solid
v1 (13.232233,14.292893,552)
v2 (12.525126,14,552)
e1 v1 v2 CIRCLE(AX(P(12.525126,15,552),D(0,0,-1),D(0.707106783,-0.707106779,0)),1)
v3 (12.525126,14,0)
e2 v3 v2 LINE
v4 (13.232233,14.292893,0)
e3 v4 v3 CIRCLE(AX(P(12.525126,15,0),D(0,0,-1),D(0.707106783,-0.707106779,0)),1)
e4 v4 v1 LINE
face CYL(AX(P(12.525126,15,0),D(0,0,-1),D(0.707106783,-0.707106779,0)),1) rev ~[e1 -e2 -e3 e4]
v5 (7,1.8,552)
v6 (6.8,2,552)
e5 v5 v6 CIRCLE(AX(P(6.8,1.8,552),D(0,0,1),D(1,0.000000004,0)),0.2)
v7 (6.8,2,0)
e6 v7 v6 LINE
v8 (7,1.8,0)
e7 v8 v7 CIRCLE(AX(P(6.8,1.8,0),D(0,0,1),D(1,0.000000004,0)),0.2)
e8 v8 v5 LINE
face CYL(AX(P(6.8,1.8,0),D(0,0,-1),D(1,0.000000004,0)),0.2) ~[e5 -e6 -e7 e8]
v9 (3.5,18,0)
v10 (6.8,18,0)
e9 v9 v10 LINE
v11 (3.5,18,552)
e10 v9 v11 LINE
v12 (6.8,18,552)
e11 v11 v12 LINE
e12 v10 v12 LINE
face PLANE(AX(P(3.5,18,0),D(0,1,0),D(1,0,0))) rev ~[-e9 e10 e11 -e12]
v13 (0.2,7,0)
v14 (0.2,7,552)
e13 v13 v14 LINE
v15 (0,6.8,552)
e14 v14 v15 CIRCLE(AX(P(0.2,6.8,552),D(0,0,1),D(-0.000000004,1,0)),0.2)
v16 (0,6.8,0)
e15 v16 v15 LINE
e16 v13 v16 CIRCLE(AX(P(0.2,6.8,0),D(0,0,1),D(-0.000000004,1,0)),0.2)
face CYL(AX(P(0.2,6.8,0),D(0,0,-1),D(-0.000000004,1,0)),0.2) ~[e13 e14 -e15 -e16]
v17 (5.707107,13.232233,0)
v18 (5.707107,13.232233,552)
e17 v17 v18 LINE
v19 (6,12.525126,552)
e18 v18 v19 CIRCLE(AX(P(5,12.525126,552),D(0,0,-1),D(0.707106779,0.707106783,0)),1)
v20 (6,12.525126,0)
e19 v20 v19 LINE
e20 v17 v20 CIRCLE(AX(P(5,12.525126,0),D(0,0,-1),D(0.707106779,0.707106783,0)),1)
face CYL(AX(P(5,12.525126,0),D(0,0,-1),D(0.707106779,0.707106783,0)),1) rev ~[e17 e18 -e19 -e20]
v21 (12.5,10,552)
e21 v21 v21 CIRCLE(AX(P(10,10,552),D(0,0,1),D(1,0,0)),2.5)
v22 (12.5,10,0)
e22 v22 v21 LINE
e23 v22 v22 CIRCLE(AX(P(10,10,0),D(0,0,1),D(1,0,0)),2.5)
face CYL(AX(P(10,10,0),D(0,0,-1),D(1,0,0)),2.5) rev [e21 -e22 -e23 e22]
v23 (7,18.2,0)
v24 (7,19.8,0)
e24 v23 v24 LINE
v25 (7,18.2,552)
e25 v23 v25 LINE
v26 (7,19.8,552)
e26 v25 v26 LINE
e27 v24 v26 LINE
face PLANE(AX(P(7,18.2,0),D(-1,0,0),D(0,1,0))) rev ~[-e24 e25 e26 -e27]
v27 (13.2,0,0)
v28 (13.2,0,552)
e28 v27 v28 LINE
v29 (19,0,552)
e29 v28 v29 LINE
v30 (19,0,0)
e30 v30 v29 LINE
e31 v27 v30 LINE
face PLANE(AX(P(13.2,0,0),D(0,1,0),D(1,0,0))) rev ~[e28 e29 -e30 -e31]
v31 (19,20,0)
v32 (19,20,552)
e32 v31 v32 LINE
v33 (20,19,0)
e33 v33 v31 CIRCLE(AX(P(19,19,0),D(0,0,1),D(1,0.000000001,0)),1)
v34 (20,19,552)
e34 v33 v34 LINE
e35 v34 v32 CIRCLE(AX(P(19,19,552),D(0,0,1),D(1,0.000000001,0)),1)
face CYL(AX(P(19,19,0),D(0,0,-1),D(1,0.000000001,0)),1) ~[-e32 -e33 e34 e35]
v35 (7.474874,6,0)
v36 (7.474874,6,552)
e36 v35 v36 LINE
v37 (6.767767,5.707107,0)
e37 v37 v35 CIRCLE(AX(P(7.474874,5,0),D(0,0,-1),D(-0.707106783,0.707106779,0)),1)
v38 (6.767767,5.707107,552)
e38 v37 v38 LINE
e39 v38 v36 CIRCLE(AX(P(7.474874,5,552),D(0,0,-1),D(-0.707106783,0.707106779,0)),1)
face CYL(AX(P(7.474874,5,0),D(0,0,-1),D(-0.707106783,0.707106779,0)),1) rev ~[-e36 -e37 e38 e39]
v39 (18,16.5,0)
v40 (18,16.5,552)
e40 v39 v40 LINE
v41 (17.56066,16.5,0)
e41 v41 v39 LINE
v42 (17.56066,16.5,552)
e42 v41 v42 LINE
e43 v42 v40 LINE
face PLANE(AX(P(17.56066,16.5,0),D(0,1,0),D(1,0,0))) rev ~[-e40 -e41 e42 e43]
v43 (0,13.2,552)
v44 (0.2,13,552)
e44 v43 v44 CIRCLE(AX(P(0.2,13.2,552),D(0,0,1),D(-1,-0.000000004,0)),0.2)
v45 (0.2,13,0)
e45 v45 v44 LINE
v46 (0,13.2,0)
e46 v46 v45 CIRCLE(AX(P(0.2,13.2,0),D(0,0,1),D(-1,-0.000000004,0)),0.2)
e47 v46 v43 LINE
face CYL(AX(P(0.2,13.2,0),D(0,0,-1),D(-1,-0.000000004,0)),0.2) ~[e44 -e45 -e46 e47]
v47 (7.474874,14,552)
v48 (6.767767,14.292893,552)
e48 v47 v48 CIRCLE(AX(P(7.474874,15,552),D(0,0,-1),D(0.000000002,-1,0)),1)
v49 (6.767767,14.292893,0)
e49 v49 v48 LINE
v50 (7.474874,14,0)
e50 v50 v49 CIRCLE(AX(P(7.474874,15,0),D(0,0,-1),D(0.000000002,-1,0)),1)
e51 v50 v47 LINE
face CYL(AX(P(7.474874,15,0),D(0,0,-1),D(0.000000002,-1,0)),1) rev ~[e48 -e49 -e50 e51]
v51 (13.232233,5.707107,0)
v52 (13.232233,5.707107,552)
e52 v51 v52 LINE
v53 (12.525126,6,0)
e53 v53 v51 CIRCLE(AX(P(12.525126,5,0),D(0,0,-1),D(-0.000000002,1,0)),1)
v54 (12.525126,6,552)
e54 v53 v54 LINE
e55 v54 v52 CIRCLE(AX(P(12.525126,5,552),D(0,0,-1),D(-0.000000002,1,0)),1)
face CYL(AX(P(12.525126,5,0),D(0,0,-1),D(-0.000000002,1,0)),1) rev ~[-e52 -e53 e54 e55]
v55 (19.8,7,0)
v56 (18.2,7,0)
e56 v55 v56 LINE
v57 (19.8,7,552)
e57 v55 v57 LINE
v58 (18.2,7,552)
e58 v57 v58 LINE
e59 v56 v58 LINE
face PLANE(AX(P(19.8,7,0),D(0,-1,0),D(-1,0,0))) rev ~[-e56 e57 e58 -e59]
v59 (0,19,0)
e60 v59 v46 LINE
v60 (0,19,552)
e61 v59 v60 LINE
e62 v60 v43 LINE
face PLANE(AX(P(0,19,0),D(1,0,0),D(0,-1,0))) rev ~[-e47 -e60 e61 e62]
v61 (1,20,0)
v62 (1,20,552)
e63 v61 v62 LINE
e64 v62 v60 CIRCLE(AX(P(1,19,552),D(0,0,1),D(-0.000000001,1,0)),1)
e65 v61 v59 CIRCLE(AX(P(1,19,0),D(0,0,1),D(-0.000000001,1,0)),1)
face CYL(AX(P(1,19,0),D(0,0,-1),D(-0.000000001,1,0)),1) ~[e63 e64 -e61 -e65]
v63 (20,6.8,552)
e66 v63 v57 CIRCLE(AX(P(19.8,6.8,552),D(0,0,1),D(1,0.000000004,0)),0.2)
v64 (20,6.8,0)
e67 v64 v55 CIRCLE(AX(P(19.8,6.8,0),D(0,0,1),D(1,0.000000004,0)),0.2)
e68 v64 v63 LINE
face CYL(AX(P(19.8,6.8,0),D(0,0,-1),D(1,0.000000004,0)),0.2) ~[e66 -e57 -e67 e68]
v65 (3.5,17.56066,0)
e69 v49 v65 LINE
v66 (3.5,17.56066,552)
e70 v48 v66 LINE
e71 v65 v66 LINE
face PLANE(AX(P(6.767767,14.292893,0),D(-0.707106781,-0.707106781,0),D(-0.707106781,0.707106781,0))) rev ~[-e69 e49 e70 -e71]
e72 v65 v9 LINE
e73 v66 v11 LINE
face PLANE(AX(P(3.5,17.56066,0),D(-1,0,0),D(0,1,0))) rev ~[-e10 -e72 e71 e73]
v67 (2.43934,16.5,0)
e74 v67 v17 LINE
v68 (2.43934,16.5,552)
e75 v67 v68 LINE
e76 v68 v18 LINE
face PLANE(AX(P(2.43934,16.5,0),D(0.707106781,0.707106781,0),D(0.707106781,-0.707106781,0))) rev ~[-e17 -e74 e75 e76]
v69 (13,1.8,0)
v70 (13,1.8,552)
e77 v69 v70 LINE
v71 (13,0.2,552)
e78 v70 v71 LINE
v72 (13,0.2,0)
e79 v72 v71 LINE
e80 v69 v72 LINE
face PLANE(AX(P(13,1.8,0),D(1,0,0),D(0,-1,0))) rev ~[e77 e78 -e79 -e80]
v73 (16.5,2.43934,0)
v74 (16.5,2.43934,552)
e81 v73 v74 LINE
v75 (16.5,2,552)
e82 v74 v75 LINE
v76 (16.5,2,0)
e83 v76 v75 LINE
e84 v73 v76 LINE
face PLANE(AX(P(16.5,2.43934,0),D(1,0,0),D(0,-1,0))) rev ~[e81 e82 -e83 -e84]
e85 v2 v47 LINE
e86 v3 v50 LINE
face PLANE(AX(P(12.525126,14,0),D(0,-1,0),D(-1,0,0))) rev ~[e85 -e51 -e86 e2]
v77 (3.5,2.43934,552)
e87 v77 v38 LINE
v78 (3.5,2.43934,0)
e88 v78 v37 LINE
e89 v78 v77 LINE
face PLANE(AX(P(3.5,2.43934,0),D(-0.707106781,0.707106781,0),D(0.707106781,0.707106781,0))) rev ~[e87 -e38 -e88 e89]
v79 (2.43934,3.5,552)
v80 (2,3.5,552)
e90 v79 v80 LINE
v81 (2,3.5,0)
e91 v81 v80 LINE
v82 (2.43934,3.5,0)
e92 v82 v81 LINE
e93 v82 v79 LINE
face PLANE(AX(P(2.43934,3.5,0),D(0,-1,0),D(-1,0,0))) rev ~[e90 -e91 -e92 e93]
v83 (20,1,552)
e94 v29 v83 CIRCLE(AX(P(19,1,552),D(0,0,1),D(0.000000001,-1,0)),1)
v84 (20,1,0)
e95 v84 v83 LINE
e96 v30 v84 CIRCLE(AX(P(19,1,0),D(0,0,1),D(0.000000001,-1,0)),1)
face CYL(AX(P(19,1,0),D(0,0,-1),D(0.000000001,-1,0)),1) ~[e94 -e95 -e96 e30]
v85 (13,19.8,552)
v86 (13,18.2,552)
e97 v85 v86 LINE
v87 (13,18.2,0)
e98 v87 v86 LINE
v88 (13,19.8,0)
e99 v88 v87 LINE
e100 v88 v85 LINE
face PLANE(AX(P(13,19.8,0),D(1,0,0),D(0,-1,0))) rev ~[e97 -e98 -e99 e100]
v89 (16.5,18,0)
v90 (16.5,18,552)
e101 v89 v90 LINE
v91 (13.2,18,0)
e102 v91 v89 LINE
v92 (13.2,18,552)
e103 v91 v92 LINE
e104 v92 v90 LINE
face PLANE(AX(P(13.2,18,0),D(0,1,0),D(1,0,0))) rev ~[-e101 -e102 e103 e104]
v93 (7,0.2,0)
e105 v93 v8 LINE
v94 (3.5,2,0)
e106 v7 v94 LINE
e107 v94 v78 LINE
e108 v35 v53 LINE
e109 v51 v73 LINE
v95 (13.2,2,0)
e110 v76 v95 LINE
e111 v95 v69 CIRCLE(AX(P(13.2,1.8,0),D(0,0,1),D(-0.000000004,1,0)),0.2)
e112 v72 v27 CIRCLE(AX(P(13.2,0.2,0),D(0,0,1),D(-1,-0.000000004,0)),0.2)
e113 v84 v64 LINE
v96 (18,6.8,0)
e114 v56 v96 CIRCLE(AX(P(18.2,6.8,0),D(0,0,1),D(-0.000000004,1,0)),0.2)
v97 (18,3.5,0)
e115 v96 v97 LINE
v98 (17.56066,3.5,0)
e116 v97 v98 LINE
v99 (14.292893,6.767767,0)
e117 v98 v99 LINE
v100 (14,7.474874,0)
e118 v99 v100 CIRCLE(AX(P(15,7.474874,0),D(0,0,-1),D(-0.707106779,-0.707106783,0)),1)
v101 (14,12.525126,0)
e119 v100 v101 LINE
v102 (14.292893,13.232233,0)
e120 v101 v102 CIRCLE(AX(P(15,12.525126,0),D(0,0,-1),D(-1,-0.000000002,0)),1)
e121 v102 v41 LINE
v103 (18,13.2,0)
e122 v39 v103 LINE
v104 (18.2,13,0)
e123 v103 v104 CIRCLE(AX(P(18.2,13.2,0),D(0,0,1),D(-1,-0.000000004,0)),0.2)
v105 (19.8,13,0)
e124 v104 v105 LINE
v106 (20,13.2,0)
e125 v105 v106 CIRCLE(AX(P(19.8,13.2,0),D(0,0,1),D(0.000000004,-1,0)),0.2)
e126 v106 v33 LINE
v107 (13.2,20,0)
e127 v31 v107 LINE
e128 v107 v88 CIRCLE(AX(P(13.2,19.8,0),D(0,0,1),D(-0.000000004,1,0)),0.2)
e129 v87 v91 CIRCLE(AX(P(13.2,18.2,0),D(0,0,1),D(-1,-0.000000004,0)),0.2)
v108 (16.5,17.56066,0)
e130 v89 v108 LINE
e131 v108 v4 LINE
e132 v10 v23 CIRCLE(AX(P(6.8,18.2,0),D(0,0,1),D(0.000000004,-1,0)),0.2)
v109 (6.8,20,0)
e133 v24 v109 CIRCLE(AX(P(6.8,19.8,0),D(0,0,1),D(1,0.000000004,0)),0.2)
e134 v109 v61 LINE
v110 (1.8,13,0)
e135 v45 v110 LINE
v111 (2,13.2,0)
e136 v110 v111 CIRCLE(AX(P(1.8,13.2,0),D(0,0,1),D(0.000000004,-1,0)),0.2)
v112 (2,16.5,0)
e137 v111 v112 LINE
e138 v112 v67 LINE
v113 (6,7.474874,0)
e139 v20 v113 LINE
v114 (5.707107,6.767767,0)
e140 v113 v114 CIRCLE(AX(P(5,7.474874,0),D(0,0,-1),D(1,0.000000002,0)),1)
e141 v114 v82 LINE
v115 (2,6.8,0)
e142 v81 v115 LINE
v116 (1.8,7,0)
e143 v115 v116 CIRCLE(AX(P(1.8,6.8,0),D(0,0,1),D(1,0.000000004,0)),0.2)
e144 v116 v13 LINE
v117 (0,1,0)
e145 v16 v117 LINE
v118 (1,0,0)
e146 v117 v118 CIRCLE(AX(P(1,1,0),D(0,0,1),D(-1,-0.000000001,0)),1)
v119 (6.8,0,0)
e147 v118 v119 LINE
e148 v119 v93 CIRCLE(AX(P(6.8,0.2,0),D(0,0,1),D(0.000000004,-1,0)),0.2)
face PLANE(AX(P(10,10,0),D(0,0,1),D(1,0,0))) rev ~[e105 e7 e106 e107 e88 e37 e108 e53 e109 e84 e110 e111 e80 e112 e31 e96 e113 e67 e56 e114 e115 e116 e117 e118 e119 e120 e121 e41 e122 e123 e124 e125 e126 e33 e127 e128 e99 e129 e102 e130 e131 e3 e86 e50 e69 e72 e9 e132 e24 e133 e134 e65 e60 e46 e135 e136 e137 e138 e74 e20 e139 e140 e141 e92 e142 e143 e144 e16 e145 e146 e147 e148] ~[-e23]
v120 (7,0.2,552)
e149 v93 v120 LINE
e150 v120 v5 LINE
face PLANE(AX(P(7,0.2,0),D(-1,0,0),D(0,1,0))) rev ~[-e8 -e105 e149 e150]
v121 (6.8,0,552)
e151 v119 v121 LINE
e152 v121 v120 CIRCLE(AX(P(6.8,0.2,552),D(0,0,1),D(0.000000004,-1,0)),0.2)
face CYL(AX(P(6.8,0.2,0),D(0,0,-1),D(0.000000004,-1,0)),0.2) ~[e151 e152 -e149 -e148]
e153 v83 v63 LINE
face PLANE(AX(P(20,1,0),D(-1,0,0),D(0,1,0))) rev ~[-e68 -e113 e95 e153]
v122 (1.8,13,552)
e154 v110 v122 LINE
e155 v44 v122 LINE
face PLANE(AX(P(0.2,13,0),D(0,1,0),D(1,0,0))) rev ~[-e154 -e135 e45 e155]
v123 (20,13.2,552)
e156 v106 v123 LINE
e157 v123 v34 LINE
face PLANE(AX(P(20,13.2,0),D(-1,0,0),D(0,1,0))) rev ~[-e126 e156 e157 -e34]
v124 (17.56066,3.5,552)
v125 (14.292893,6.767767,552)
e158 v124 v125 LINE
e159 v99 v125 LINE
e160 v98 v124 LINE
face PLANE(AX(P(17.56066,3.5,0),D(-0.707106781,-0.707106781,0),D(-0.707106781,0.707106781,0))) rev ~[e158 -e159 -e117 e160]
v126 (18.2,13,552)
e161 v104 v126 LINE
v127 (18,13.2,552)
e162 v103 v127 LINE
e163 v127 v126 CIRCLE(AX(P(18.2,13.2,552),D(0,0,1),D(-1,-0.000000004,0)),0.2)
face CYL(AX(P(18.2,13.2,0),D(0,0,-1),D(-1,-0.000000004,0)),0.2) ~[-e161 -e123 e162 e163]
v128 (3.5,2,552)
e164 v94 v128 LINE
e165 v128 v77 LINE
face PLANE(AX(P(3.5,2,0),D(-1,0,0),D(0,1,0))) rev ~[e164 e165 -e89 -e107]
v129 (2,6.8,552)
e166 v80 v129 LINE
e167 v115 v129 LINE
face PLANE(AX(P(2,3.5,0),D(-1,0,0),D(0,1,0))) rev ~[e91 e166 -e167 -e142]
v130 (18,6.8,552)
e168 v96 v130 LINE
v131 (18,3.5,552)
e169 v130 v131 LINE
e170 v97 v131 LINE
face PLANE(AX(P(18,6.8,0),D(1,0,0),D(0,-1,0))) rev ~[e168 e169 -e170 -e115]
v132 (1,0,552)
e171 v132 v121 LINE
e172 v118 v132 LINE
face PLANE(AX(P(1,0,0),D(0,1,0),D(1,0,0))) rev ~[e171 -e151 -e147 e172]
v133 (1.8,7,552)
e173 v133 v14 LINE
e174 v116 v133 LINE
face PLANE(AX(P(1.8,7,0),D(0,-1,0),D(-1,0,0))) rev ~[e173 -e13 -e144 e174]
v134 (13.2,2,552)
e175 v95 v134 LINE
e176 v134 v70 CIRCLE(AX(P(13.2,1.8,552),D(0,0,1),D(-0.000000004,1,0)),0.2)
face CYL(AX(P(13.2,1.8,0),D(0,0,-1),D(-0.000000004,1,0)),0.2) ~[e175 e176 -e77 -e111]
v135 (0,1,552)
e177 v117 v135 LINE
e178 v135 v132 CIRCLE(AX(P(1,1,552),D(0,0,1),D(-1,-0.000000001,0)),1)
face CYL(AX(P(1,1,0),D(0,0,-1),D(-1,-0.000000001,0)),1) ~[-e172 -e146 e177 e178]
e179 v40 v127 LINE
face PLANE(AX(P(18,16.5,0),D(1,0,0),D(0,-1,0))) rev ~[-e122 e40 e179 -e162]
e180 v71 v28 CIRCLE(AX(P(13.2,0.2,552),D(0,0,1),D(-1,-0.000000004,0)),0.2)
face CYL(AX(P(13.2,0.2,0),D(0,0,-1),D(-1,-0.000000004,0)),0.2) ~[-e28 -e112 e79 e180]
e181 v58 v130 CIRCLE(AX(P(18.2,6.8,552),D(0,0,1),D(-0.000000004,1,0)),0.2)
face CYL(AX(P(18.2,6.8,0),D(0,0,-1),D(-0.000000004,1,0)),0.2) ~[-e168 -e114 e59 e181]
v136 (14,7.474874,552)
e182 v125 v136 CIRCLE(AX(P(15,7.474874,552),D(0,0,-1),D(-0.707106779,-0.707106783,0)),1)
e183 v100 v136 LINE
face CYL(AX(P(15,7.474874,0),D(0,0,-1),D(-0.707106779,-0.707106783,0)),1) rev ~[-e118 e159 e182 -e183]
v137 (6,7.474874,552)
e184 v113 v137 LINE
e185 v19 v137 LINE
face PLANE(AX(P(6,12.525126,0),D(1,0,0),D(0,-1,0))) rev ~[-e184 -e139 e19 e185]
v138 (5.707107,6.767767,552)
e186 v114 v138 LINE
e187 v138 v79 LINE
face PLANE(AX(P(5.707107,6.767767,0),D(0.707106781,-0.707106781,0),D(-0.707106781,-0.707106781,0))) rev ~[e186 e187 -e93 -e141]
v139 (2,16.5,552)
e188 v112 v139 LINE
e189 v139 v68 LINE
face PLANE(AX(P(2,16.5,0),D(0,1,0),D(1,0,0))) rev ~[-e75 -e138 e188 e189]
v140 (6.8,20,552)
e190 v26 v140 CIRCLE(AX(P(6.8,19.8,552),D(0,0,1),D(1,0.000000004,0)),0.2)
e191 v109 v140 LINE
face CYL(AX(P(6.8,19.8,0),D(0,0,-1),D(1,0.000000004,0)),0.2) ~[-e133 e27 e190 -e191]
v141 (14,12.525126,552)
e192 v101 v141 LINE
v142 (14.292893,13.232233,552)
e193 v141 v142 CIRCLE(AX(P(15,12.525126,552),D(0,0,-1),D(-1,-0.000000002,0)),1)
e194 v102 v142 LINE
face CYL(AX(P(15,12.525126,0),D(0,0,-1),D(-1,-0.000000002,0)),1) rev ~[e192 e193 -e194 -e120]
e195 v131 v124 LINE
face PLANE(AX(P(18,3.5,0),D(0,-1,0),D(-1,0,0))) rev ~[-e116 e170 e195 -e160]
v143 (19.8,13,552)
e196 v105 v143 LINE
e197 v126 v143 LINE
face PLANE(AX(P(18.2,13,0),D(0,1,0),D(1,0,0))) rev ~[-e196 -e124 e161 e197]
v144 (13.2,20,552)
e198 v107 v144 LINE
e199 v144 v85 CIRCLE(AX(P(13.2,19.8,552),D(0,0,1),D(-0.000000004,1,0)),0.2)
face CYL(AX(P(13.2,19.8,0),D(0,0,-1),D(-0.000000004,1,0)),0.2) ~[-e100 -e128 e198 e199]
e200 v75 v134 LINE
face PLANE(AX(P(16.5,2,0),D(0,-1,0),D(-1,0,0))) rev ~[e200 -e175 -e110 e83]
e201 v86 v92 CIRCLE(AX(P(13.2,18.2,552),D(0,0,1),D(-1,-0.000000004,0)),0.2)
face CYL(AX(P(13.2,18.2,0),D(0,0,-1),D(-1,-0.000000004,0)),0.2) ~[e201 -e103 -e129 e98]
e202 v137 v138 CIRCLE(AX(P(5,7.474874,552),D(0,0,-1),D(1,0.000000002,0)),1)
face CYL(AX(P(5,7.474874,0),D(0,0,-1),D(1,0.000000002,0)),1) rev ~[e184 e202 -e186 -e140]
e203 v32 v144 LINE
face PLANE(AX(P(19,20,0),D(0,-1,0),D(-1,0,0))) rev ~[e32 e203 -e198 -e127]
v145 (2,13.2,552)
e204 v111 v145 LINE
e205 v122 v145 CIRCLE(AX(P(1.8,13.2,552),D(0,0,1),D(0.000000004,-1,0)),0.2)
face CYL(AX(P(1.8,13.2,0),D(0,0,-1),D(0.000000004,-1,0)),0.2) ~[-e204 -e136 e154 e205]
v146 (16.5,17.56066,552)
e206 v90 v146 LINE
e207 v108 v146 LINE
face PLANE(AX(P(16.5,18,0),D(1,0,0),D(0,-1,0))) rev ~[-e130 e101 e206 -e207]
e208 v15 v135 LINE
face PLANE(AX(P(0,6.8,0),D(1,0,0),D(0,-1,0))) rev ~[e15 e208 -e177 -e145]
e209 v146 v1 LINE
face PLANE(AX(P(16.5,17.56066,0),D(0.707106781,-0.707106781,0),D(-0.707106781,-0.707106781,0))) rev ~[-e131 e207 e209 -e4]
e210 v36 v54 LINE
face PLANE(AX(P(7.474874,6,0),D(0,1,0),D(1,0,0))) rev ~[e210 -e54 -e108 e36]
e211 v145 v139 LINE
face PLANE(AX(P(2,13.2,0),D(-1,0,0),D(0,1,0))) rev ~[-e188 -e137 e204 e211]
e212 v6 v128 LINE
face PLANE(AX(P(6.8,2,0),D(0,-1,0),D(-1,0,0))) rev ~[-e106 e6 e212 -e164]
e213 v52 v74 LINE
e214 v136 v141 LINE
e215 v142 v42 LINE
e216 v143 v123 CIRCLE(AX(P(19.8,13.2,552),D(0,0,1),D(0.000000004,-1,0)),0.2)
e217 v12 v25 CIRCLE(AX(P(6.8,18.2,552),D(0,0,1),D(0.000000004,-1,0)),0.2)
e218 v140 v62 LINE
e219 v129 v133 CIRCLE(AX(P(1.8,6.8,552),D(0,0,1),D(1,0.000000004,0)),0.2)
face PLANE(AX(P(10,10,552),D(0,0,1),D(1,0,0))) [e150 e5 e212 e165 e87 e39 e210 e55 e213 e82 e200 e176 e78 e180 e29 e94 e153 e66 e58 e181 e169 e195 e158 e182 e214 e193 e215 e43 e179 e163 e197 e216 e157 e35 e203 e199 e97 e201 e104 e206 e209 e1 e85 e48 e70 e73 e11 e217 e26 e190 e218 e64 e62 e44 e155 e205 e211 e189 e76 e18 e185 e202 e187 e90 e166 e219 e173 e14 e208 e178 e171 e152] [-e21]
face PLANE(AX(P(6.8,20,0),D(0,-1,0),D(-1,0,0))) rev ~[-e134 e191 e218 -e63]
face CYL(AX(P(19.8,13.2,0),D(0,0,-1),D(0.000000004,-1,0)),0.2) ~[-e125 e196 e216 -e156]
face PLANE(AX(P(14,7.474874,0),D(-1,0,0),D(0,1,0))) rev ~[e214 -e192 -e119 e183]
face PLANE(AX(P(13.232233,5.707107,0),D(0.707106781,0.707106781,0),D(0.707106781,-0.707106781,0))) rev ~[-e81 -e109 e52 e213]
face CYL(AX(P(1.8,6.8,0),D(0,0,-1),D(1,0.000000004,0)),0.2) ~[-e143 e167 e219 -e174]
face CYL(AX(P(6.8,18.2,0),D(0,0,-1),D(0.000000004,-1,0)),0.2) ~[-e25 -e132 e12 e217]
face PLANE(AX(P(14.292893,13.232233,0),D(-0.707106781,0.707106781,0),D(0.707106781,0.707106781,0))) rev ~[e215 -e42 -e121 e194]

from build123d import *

# Parameters (mm, degrees)
SKETCH1_R           = 2.5
BOSS_EXTRUDE1_DEPTH = 552


with BuildPart() as part:
    # Sketch1 → Boss-Extrude1 (new body)
    with BuildSketch(Plane.XY):
        with BuildLine():
            Line((0.2, 13), (1.8, 13))
            ThreePointArc((1.8, 13), (1.941421356, 13.058578644), (2, 13.2))
            Line((2, 13.2), (2, 16.5))
            Line((2, 16.5), (2.439339828, 16.5))
            Line((2.439339828, 16.5), (5.707106781, 13.232233047))
            ThreePointArc((5.707106781, 13.232233047), (5.923879533, 12.907809698), (6, 12.525126266))
            Line((6, 12.525126266), (6, 7.474873734))
            ThreePointArc((6, 7.474873734), (5.923879533, 7.092190302), (5.707106781, 6.767766953))
            Line((5.707106781, 6.767766953), (2.439339828, 3.5))
            Line((2.439339828, 3.5), (2, 3.5))
            Line((2, 3.5), (2, 6.8))
            ThreePointArc((2, 6.8), (1.941421356, 6.941421356), (1.8, 7))
            Line((1.8, 7), (0.2, 7))
            ThreePointArc((0.2, 7), (0.058578644, 6.941421356), (0, 6.8))
            Line((0, 6.8), (0, 1))
            ThreePointArc((0, 1), (0.292893219, 0.292893219), (1, 0))
            Line((1, 0), (6.8, 0))
            ThreePointArc((6.8, 0), (6.941421356, 0.058578644), (7, 0.2))
            Line((7, 0.2), (7, 1.8))
            ThreePointArc((7, 1.8), (6.941421356, 1.941421356), (6.8, 2))
            Line((6.8, 2), (3.5, 2))
            Line((3.5, 2), (3.5, 2.439339828))
            Line((3.5, 2.439339828), (6.767766953, 5.707106781))
            ThreePointArc((6.767766953, 5.707106781), (7.092190302, 5.923879533), (7.474873734, 6))
            Line((7.474873734, 6), (10, 6))
            Line((10, 6), (12.525126266, 6))
            ThreePointArc((12.525126266, 6), (12.907809698, 5.923879533), (13.232233047, 5.707106781))
            Line((13.232233047, 5.707106781), (16.5, 2.439339828))
            Line((16.5, 2.439339828), (16.5, 2))
            Line((16.5, 2), (13.2, 2))
            ThreePointArc((13.2, 2), (13.058578644, 1.941421356), (13, 1.8))
            Line((13, 1.8), (13, 0.2))
            ThreePointArc((13, 0.2), (13.058578644, 0.058578644), (13.2, 0))
            Line((13.2, 0), (19, 0))
            ThreePointArc((19, 0), (19.707106781, 0.292893219), (20, 1))
            Line((20, 1), (20, 6.8))
            ThreePointArc((20, 6.8), (19.941421356, 6.941421356), (19.8, 7))
            Line((19.8, 7), (18.2, 7))
            ThreePointArc((18.2, 7), (18.058578644, 6.941421356), (18, 6.8))
            Line((18, 6.8), (18, 3.5))
            Line((18, 3.5), (17.560660172, 3.5))
            Line((17.560660172, 3.5), (14.292893219, 6.767766953))
            ThreePointArc((14.292893219, 6.767766953), (14.076120467, 7.092190302), (14, 7.474873734))
            Line((14, 7.474873734), (14, 12.525126266))
            ThreePointArc((14, 12.525126266), (14.076120467, 12.907809698), (14.292893219, 13.232233047))
            Line((14.292893219, 13.232233047), (17.560660172, 16.5))
            Line((17.560660172, 16.5), (18, 16.5))
            Line((18, 16.5), (18, 13.2))
            ThreePointArc((18, 13.2), (18.058578644, 13.058578644), (18.2, 13))
            Line((18.2, 13), (19.8, 13))
            ThreePointArc((19.8, 13), (19.941421356, 13.058578644), (20, 13.2))
            Line((20, 13.2), (20, 19))
            ThreePointArc((20, 19), (19.707106781, 19.707106781), (19, 20))
            Line((19, 20), (13.2, 20))
            ThreePointArc((13.2, 20), (13.058578644, 19.941421356), (13, 19.8))
            Line((13, 19.8), (13, 18.2))
            ThreePointArc((13, 18.2), (13.058578644, 18.058578644), (13.2, 18))
            Line((13.2, 18), (16.5, 18))
            Line((16.5, 18), (16.5, 17.560660172))
            Line((16.5, 17.560660172), (13.232233047, 14.292893219))
            ThreePointArc((13.232233047, 14.292893219), (12.907809698, 14.076120467), (12.525126266, 14))
            Line((12.525126266, 14), (10, 14))
            Line((10, 14), (7.474873734, 14))
            ThreePointArc((7.474873734, 14), (7.092190302, 14.076120467), (6.767766953, 14.292893219))
            Line((6.767766953, 14.292893219), (3.5, 17.560660172))
            Line((3.5, 17.560660172), (3.5, 18))
            Line((3.5, 18), (6.8, 18))
            ThreePointArc((6.8, 18), (6.941421356, 18.058578644), (7, 18.2))
            Line((7, 18.2), (7, 19.8))
            ThreePointArc((7, 19.8), (6.941421356, 19.941421356), (6.8, 20))
            Line((6.8, 20), (1, 20))
            ThreePointArc((1, 20), (0.292893219, 19.707106781), (0, 19))
            Line((0, 19), (0, 13.2))
            ThreePointArc((0, 13.2), (0.058578644, 13.058578644), (0.2, 13))
        make_face()
        with Locations((10, 10)):
            Circle(SKETCH1_R, mode=Mode.SUBTRACT)
    extrude(amount=BOSS_EXTRUDE1_DEPTH)


solid = part.part
